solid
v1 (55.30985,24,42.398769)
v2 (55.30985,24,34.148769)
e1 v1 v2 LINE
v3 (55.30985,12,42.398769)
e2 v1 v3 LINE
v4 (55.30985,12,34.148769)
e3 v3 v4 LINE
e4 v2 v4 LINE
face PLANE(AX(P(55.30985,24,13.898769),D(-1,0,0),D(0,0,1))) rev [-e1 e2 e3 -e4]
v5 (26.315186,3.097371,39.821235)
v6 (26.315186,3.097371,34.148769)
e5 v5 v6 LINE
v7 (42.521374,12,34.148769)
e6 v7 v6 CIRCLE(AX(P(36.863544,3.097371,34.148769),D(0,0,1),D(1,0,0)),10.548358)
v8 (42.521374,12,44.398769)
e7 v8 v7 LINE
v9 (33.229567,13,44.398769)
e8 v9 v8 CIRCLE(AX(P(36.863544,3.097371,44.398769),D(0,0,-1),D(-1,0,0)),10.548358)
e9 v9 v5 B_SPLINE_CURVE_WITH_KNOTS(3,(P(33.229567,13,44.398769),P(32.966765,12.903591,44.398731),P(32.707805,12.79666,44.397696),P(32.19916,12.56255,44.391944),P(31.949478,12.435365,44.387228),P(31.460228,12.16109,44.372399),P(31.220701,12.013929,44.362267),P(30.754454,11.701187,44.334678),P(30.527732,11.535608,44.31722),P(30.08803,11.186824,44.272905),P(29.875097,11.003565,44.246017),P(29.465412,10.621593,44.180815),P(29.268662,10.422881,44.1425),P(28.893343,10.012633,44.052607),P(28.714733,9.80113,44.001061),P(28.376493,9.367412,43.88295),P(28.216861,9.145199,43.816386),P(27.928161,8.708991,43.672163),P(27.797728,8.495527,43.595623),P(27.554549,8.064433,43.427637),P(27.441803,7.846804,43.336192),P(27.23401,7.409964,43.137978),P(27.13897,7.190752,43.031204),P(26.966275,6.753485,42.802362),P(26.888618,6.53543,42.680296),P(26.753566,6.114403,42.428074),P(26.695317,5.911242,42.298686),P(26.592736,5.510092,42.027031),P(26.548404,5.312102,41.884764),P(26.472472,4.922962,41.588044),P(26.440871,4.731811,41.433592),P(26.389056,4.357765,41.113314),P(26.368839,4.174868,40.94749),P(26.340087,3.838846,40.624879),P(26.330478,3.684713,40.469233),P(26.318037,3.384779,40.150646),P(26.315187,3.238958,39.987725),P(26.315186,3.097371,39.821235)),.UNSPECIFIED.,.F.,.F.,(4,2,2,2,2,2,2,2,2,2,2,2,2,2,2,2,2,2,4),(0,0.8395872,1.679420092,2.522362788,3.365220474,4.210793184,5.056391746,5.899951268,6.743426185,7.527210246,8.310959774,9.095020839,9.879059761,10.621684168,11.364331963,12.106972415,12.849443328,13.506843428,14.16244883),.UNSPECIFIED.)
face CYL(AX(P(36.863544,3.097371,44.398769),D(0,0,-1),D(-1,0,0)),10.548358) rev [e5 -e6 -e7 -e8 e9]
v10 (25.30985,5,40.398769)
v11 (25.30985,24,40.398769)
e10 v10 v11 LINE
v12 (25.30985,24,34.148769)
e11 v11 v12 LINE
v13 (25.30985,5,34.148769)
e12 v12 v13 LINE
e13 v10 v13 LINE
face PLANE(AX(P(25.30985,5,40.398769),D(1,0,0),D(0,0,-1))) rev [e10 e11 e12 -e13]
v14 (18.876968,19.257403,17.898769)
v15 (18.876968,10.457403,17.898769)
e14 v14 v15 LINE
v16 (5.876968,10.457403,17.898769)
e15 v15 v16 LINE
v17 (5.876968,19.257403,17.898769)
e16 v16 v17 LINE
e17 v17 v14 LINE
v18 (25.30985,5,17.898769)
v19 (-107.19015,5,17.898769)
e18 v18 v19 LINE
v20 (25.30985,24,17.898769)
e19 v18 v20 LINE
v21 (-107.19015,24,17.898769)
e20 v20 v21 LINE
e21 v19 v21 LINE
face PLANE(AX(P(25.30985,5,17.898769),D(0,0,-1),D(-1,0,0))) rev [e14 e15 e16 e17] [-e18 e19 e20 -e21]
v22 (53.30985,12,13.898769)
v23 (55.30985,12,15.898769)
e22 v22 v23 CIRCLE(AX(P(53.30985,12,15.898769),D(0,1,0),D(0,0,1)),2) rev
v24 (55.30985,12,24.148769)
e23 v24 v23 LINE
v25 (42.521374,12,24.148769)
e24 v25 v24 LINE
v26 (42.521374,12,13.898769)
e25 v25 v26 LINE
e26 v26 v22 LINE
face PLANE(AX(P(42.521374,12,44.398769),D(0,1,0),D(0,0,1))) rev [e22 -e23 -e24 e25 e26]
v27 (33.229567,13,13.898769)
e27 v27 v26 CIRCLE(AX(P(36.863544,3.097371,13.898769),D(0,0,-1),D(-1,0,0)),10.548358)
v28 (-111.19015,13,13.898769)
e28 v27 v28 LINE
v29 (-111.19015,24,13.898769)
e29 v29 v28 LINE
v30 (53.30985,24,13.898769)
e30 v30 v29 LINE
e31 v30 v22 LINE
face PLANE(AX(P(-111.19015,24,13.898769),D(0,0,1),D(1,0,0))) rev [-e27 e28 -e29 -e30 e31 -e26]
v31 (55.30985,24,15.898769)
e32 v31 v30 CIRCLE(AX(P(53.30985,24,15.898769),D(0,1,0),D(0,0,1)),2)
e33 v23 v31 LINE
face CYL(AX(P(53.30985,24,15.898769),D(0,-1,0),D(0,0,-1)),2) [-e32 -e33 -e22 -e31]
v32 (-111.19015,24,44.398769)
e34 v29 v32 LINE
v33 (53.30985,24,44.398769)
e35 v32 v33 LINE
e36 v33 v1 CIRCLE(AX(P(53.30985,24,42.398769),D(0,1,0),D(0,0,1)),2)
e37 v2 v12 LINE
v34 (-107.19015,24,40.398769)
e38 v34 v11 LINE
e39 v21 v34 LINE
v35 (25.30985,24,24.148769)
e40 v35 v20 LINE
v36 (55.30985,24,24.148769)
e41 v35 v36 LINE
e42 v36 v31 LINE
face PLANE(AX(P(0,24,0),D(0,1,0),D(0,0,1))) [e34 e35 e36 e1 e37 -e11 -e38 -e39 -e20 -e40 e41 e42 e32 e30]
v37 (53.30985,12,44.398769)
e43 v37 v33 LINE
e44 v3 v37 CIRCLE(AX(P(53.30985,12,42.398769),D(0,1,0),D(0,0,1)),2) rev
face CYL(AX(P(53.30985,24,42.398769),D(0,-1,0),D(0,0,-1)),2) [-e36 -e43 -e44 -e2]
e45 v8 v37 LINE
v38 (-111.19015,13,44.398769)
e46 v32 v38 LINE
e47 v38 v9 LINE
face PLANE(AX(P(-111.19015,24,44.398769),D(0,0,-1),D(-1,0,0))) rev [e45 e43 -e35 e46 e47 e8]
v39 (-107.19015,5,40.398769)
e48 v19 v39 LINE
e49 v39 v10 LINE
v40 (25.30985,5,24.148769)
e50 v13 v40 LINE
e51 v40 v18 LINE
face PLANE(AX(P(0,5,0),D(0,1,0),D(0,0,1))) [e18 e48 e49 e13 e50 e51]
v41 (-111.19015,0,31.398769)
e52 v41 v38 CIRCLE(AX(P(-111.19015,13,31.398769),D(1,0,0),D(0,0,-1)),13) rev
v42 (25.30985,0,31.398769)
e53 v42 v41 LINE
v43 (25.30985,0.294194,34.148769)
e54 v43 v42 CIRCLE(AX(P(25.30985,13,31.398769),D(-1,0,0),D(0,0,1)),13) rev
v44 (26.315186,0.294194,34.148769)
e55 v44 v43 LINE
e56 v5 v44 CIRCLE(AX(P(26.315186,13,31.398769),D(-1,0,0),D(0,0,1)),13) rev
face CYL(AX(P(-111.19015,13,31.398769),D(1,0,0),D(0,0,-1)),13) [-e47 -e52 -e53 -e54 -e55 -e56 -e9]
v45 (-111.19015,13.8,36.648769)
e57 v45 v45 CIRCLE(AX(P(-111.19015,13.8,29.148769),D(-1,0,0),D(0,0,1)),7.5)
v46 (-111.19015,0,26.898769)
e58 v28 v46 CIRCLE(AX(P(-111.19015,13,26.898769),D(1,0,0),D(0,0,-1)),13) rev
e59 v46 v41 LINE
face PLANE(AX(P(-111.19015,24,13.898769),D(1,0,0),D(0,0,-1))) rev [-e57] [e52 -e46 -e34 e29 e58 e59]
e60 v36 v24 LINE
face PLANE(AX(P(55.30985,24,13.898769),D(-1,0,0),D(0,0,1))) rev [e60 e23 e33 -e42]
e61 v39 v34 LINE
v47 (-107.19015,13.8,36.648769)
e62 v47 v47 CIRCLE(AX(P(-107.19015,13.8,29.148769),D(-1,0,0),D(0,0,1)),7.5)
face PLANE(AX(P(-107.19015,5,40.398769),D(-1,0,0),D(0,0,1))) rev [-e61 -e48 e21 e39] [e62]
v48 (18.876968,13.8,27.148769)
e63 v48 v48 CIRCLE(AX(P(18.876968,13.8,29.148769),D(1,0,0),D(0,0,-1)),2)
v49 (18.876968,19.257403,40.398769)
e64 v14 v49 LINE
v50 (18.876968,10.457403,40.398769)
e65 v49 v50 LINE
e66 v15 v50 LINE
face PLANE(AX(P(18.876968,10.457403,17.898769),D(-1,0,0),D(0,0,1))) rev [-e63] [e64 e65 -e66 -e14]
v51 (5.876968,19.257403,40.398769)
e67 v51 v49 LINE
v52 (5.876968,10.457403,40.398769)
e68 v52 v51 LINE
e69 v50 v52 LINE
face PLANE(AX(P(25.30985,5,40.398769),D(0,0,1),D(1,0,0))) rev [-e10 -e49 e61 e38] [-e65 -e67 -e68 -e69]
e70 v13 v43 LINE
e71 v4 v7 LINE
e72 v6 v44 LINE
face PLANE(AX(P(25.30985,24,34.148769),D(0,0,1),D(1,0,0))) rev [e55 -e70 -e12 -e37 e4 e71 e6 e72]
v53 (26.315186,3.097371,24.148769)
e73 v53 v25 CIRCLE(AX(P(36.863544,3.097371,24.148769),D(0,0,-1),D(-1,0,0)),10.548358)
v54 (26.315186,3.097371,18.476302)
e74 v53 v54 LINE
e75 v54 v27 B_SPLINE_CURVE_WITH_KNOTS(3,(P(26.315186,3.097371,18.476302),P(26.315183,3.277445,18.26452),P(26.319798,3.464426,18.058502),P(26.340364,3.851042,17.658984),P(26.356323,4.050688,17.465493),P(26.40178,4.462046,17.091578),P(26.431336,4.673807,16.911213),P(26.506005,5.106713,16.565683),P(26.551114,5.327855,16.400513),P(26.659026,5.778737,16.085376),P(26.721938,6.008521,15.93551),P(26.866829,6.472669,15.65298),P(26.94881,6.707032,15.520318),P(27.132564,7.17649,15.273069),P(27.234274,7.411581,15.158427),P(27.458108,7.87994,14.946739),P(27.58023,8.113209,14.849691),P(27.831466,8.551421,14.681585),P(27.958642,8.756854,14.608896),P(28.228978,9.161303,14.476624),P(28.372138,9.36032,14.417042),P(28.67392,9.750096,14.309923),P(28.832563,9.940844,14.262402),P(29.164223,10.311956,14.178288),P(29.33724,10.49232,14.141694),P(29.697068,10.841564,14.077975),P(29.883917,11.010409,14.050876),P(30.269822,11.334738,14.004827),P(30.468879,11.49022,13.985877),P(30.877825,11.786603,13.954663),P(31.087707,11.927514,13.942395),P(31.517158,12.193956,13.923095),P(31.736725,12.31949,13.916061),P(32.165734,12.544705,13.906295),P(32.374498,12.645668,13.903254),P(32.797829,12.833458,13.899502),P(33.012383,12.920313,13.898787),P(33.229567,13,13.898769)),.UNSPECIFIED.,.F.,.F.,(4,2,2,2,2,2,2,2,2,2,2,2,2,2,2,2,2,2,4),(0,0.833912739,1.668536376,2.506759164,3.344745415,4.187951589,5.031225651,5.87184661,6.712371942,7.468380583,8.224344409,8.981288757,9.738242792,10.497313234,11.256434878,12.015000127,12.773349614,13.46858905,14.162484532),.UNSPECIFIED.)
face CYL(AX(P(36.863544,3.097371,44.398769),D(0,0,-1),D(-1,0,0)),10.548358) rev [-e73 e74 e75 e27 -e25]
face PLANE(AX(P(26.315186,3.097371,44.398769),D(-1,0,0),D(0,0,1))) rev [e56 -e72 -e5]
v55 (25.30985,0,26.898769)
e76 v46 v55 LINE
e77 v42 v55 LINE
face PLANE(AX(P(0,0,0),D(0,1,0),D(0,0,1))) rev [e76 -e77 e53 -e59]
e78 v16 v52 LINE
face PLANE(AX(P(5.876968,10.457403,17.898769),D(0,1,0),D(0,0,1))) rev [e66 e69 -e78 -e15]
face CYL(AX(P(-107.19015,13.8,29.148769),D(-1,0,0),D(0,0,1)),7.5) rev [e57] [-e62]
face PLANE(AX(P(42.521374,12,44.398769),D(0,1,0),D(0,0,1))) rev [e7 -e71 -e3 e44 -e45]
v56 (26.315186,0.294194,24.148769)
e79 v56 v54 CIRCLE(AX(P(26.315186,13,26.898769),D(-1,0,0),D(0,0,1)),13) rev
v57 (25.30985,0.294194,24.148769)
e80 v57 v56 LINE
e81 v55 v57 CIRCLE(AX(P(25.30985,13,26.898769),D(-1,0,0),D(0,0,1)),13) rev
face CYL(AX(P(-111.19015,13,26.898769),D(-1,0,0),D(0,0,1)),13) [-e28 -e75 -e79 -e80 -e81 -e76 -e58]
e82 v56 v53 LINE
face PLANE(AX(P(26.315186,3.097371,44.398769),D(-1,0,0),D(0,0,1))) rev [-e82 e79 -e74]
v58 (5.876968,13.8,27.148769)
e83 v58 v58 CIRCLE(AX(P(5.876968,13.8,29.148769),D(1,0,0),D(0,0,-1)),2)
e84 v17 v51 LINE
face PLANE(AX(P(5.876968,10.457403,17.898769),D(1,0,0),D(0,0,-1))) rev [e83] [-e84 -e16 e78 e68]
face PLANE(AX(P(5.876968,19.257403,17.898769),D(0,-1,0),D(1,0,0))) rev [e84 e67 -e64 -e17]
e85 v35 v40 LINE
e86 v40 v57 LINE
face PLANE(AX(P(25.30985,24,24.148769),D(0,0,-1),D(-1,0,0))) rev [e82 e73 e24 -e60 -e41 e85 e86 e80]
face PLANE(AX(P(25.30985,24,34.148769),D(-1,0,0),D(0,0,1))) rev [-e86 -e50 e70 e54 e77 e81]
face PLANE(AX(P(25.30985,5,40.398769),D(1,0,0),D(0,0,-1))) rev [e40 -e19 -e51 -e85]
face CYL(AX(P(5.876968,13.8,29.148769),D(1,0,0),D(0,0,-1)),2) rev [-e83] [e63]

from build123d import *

# Parameters (mm, degrees)
SKETCH1_W           = 166.5
SKETCH1_H           = 30.5
BOSS_EXTRUDE1_DEPTH = 24
SKETCH2_W           = 30
SKETCH2_H           = 10
CUT_EXTRUDE1_DEPTH  = 123.108559222
CUT_EXTRUDE2_DEPTH  = 118.768839527
FILLET1_R           = 2
FILLET2_R           = 13
SKETCH5_W           = 132.5
SKETCH5_H           = 22.5
CUT_EXTRUDE3_DEPTH  = 19
SKETCH6_R           = 7.5
CUT_EXTRUDE4_DEPTH  = 4
SKETCH7_W           = 13
SKETCH7_H           = 8.8
BOSS_EXTRUDE2_DEPTH = 22.5
SKETCH8_R           = 2
CUT_EXTRUDE5_DEPTH  = 13


with BuildPart() as part:
    # Sketch1 → Boss-Extrude1 (new body)
    with BuildSketch(Plane(origin=(0, 0, 0), x_dir=(1, 0, 0), z_dir=(0, 1, 0))):
        with Locations((-27.940150479, -29.14876881)):
            Rectangle(SKETCH1_W, SKETCH1_H)
    extrude(amount=BOSS_EXTRUDE1_DEPTH)

    # Sketch2 → Cut-Extrude1 (cut, through all)
    with BuildSketch(Plane.XZ):
        with Locations((40.309849521, 29.14876881)):
            Rectangle(SKETCH2_W, SKETCH2_H)
    extrude(amount=-CUT_EXTRUDE1_DEPTH, mode=Mode.SUBTRACT)

    # Sketch4 → Cut-Extrude2 (cut, through all)
    with BuildSketch(Plane(origin=(0, 0, 13.89876881), x_dir=(-1, 0, 0), z_dir=(0, 0, -1))):
        with BuildLine():
            Line((-26.315186332, 3.097371167), (-26.315186332, 0))
            Line((-26.315186332, 0), (-55.309849521, 0))
            Line((-55.309849521, 0), (-55.309849521, 12))
            Line((-55.309849521, 12), (-42.521374472, 12))
            ThreePointArc((-42.521374472, 12), (-31.784812397, 12.342604184), (-26.315186332, 3.097371167))
        make_face()
    extrude(amount=-CUT_EXTRUDE2_DEPTH, mode=Mode.SUBTRACT)

    # Fillet1
    fillet1_edges = [part.edges().sort_by_distance(p)[0] for p in [
        (55.309849521, 18, 44.39876881),
        (55.309849521, 18, 13.89876881),
    ]]
    fillet(fillet1_edges, radius=FILLET1_R)

    # Fillet2
    fillet2_edges = [part.edges().sort_by_distance(p)[0] for p in [
        (-42.437482073, 0, 44.39876881),
        (-42.437482073, 0, 13.89876881),
    ]]
    fillet(fillet2_edges, radius=FILLET2_R)

    # Sketch5 → Cut-Extrude3 (cut)
    with BuildSketch(Plane(origin=(0, 24, 0), x_dir=(1, 0, 0), z_dir=(0, 1, 0))):
        with Locations((-40.940150479, -29.14876881)):
            Rectangle(SKETCH5_W, SKETCH5_H)
    extrude(amount=-CUT_EXTRUDE3_DEPTH, mode=Mode.SUBTRACT)

    # Sketch6 → Cut-Extrude4 (cut)
    with BuildSketch(Plane.ZY.offset(111.190150479)):
        with Locations((29.14876881, 13.8)):
            Circle(SKETCH6_R)
    extrude(amount=-CUT_EXTRUDE4_DEPTH, mode=Mode.SUBTRACT)

    # Sketch7 → Boss-Extrude2 (add)
    with BuildSketch(Plane(origin=(0, 0, 40.39876881), x_dir=(-1, 0, 0), z_dir=(0, 0, -1))):
        with Locations((-12.376968122, 14.857402626)):
            Rectangle(SKETCH7_W, SKETCH7_H)
    extrude(amount=BOSS_EXTRUDE2_DEPTH)

    # Sketch8 → Cut-Extrude5 (cut)
    with BuildSketch(Plane(origin=(18.876968122, 0, 0), x_dir=(0, 0, -1), z_dir=(1, 0, 0))):
        with Locations((-29.14876881, 13.8)):
            Circle(SKETCH8_R)
    extrude(amount=-CUT_EXTRUDE5_DEPTH, mode=Mode.SUBTRACT)


solid = part.part
